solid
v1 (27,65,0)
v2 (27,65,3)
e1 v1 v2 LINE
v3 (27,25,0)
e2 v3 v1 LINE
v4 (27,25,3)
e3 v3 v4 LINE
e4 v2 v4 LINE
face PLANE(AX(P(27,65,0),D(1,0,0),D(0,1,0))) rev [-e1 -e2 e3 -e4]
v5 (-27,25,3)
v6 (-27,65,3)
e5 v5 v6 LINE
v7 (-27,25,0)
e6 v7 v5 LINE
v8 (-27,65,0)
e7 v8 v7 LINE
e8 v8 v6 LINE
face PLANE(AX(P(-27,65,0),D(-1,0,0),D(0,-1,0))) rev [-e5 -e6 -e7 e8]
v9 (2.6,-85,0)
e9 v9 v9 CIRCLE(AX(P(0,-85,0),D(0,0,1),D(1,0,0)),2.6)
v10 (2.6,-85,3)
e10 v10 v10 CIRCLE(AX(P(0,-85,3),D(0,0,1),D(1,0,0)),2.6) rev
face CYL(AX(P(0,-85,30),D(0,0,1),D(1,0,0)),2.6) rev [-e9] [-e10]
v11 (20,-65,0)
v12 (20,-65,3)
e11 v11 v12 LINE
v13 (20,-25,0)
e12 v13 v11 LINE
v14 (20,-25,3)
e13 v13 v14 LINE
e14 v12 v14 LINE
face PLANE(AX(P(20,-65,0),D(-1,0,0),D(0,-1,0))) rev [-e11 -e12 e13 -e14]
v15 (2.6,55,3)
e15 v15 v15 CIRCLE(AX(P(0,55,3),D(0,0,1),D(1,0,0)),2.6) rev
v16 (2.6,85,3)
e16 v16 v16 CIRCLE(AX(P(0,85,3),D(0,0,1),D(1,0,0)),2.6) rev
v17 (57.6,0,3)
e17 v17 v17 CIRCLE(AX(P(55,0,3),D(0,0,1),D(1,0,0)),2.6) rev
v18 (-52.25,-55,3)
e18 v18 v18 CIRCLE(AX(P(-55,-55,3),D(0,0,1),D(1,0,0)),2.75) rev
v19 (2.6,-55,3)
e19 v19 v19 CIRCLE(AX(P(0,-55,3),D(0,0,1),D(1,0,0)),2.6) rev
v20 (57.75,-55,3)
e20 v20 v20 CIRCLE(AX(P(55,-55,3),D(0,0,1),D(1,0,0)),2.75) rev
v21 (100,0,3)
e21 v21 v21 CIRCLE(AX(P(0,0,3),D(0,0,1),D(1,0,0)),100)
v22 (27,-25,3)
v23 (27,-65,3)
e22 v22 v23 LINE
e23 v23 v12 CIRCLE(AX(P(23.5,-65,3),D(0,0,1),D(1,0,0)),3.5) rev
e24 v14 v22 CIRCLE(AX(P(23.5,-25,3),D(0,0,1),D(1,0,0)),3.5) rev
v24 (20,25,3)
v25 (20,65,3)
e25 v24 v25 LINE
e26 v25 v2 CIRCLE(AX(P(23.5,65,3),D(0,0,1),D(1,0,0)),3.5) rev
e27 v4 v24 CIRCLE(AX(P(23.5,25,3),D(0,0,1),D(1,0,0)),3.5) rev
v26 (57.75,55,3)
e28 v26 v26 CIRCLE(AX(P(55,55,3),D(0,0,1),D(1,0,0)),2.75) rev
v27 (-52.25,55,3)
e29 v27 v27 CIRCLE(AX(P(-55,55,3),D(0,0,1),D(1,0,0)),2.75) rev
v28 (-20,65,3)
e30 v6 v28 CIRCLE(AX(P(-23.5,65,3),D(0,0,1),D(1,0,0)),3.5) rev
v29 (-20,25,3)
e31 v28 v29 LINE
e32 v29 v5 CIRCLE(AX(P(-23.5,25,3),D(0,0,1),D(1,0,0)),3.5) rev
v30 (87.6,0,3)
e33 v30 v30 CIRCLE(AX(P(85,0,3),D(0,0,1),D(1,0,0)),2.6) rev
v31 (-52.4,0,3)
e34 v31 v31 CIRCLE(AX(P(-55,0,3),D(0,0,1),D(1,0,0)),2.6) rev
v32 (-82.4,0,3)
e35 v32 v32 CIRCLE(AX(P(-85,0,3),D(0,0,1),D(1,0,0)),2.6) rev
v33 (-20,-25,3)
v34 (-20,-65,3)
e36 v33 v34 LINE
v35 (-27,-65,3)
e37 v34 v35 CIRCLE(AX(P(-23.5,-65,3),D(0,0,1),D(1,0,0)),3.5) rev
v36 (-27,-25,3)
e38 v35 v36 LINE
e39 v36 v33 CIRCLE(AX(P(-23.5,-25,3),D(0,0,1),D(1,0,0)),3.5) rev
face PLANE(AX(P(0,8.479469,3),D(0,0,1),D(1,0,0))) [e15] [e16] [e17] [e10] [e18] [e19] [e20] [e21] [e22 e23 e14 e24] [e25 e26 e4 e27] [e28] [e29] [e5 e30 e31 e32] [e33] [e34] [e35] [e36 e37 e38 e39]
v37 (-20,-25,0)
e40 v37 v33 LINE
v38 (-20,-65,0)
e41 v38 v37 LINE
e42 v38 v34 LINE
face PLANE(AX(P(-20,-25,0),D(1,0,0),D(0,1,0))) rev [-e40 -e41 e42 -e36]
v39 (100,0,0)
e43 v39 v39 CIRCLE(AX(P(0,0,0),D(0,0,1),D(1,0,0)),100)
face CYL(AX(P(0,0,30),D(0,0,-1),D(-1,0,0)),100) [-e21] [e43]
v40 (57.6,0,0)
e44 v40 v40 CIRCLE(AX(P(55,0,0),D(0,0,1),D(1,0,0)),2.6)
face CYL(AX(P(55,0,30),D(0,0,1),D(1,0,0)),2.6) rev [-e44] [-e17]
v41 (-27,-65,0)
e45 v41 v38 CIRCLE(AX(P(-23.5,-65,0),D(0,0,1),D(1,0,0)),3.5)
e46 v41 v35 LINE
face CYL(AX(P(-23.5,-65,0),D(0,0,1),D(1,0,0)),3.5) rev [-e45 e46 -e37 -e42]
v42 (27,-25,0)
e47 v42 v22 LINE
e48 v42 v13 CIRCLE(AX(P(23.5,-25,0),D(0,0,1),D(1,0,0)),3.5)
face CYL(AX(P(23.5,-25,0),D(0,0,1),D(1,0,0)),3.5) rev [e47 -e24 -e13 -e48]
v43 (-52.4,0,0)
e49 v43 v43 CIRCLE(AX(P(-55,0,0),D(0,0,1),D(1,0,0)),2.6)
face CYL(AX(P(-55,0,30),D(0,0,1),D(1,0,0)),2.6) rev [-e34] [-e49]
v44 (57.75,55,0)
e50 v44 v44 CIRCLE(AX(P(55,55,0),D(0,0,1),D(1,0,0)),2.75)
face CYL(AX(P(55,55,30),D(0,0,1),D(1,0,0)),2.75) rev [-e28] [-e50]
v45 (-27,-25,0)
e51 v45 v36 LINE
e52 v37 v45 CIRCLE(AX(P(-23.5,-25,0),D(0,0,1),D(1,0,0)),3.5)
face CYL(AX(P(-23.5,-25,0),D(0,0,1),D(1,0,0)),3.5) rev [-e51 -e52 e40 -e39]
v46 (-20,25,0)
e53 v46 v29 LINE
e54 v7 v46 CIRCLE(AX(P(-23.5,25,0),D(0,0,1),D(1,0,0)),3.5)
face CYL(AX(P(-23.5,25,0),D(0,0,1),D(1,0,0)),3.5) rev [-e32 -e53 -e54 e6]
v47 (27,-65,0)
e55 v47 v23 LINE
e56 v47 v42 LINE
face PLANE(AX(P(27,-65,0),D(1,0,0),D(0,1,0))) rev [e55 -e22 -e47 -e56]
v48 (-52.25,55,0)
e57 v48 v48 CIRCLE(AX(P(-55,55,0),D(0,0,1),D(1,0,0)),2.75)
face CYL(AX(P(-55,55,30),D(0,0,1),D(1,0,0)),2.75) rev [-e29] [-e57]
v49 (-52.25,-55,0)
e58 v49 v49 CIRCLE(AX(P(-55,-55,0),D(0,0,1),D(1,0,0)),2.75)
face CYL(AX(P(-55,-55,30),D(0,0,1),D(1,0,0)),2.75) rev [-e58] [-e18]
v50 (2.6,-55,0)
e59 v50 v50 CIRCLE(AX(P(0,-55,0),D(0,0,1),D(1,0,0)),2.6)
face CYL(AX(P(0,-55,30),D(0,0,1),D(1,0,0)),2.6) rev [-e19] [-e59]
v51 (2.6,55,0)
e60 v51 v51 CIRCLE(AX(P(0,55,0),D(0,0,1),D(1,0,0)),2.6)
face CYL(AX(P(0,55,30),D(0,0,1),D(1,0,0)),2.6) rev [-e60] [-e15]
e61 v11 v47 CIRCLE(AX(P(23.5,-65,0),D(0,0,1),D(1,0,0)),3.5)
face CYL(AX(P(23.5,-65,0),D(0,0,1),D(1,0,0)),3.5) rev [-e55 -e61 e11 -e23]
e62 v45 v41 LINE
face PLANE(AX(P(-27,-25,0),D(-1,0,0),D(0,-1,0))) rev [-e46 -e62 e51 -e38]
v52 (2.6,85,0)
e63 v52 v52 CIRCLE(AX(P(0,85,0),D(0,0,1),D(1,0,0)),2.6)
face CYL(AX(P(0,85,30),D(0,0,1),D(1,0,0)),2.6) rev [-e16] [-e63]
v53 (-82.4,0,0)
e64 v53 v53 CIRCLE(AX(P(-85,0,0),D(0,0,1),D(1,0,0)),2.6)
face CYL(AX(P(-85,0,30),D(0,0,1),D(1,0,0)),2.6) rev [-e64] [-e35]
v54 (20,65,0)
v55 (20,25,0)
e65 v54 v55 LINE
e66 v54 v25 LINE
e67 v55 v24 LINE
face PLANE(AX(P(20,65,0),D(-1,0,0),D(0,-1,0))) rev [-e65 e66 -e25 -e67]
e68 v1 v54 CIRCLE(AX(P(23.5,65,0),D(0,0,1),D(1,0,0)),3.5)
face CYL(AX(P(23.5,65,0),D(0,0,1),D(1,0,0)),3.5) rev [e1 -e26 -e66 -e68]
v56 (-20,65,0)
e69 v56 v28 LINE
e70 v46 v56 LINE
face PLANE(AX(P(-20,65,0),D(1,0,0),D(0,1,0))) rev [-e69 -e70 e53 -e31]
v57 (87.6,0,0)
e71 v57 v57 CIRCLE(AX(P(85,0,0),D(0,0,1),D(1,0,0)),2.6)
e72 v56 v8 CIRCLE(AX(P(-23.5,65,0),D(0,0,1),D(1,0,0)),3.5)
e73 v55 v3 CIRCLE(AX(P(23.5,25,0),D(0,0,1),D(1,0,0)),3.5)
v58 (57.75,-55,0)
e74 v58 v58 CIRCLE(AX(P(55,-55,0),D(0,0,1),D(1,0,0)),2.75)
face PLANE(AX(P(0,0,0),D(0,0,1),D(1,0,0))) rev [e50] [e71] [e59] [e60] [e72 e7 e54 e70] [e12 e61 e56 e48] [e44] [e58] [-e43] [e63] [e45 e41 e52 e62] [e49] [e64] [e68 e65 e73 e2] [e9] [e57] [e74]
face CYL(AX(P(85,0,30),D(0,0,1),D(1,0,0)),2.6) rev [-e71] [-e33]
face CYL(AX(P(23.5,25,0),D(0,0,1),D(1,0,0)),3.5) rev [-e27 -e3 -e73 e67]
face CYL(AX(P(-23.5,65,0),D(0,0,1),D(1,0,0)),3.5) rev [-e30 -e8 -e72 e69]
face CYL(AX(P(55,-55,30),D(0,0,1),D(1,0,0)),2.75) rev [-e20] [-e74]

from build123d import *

# Parameters (mm, degrees)
IZIM1_R                              = 100
Y_KSEKLIK_EKSTR_ZYON1_DEPTH          = 30
M5_HELISARMAL_I_IN_Z_VANA_MATKAB_1_D = 5.2
KES_EKSTR_ZYON1_DEPTH                = 145.568322948
M5_BO_LUKLU_DELIK2_D                 = 5.5
IZIM20_R                             = 183.537558205
KES_EKSTR_ZYON2_DEPTH                = 27


with BuildPart() as part:
    # Çizim1 → Yükseklik-Ekstrüzyon1 (new body)
    with BuildSketch(Plane.XY):
        Circle(IZIM1_R)
    extrude(amount=Y_KSEKLIK_EKSTR_ZYON1_DEPTH)

    # M5 Helisarmal için Zıvana matkabı1 (through all)
    with Locations(Plane.XY.offset(30)):
        with Locations((-85, 0), (-55, 0), (0, 55), (0, 85), (55, 0), (85, 0), (0, -55), (0, -85)):
            Hole(M5_HELISARMAL_I_IN_Z_VANA_MATKAB_1_D / 2)

    # Çizim9 → Kes-Ekstrüzyon1 (cut, through all)
    with BuildSketch(Plane.XY.offset(30)):
        with BuildLine():
            Line((27, 65), (27, 25))
            ThreePointArc((27, 25), (23.5, 21.5), (20, 25))
            Line((20, 25), (20, 65))
            ThreePointArc((20, 65), (23.5, 68.5), (27, 65))
        make_face()
        with BuildLine():
            Line((-20, 65), (-20, 25))
            ThreePointArc((-20, 25), (-23.5, 21.5), (-27, 25))
            Line((-27, 25), (-27, 65))
            ThreePointArc((-27, 65), (-23.5, 68.5), (-20, 65))
        make_face()
        with BuildLine():
            Line((-20, -25), (-20, -65))
            ThreePointArc((-20, -65), (-23.5, -68.5), (-27, -65))
            Line((-27, -65), (-27, -25))
            ThreePointArc((-27, -25), (-23.5, -21.5), (-20, -25))
        make_face()
        with BuildLine():
            Line((20, -65), (20, -25))
            ThreePointArc((20, -25), (23.5, -21.5), (27, -25))
            Line((27, -25), (27, -65))
            ThreePointArc((27, -65), (23.5, -68.5), (20, -65))
        make_face()
    extrude(amount=-KES_EKSTR_ZYON1_DEPTH, mode=Mode.SUBTRACT)

    # M5 Boşluklu Delik2 (through all)
    with Locations(Plane.XY.offset(30)):
        with Locations((-55, 55), (55, 55), (55, -55), (-55, -55)):
            Hole(M5_BO_LUKLU_DELIK2_D / 2)

    # Çizim20 → Kes-Ekstrüzyon2 (cut)
    with BuildSketch(Plane.XY.offset(30)):
        with Locations((0, 8.479468632)):
            Circle(IZIM20_R)
    extrude(amount=-KES_EKSTR_ZYON2_DEPTH, mode=Mode.SUBTRACT)


solid = part.part
